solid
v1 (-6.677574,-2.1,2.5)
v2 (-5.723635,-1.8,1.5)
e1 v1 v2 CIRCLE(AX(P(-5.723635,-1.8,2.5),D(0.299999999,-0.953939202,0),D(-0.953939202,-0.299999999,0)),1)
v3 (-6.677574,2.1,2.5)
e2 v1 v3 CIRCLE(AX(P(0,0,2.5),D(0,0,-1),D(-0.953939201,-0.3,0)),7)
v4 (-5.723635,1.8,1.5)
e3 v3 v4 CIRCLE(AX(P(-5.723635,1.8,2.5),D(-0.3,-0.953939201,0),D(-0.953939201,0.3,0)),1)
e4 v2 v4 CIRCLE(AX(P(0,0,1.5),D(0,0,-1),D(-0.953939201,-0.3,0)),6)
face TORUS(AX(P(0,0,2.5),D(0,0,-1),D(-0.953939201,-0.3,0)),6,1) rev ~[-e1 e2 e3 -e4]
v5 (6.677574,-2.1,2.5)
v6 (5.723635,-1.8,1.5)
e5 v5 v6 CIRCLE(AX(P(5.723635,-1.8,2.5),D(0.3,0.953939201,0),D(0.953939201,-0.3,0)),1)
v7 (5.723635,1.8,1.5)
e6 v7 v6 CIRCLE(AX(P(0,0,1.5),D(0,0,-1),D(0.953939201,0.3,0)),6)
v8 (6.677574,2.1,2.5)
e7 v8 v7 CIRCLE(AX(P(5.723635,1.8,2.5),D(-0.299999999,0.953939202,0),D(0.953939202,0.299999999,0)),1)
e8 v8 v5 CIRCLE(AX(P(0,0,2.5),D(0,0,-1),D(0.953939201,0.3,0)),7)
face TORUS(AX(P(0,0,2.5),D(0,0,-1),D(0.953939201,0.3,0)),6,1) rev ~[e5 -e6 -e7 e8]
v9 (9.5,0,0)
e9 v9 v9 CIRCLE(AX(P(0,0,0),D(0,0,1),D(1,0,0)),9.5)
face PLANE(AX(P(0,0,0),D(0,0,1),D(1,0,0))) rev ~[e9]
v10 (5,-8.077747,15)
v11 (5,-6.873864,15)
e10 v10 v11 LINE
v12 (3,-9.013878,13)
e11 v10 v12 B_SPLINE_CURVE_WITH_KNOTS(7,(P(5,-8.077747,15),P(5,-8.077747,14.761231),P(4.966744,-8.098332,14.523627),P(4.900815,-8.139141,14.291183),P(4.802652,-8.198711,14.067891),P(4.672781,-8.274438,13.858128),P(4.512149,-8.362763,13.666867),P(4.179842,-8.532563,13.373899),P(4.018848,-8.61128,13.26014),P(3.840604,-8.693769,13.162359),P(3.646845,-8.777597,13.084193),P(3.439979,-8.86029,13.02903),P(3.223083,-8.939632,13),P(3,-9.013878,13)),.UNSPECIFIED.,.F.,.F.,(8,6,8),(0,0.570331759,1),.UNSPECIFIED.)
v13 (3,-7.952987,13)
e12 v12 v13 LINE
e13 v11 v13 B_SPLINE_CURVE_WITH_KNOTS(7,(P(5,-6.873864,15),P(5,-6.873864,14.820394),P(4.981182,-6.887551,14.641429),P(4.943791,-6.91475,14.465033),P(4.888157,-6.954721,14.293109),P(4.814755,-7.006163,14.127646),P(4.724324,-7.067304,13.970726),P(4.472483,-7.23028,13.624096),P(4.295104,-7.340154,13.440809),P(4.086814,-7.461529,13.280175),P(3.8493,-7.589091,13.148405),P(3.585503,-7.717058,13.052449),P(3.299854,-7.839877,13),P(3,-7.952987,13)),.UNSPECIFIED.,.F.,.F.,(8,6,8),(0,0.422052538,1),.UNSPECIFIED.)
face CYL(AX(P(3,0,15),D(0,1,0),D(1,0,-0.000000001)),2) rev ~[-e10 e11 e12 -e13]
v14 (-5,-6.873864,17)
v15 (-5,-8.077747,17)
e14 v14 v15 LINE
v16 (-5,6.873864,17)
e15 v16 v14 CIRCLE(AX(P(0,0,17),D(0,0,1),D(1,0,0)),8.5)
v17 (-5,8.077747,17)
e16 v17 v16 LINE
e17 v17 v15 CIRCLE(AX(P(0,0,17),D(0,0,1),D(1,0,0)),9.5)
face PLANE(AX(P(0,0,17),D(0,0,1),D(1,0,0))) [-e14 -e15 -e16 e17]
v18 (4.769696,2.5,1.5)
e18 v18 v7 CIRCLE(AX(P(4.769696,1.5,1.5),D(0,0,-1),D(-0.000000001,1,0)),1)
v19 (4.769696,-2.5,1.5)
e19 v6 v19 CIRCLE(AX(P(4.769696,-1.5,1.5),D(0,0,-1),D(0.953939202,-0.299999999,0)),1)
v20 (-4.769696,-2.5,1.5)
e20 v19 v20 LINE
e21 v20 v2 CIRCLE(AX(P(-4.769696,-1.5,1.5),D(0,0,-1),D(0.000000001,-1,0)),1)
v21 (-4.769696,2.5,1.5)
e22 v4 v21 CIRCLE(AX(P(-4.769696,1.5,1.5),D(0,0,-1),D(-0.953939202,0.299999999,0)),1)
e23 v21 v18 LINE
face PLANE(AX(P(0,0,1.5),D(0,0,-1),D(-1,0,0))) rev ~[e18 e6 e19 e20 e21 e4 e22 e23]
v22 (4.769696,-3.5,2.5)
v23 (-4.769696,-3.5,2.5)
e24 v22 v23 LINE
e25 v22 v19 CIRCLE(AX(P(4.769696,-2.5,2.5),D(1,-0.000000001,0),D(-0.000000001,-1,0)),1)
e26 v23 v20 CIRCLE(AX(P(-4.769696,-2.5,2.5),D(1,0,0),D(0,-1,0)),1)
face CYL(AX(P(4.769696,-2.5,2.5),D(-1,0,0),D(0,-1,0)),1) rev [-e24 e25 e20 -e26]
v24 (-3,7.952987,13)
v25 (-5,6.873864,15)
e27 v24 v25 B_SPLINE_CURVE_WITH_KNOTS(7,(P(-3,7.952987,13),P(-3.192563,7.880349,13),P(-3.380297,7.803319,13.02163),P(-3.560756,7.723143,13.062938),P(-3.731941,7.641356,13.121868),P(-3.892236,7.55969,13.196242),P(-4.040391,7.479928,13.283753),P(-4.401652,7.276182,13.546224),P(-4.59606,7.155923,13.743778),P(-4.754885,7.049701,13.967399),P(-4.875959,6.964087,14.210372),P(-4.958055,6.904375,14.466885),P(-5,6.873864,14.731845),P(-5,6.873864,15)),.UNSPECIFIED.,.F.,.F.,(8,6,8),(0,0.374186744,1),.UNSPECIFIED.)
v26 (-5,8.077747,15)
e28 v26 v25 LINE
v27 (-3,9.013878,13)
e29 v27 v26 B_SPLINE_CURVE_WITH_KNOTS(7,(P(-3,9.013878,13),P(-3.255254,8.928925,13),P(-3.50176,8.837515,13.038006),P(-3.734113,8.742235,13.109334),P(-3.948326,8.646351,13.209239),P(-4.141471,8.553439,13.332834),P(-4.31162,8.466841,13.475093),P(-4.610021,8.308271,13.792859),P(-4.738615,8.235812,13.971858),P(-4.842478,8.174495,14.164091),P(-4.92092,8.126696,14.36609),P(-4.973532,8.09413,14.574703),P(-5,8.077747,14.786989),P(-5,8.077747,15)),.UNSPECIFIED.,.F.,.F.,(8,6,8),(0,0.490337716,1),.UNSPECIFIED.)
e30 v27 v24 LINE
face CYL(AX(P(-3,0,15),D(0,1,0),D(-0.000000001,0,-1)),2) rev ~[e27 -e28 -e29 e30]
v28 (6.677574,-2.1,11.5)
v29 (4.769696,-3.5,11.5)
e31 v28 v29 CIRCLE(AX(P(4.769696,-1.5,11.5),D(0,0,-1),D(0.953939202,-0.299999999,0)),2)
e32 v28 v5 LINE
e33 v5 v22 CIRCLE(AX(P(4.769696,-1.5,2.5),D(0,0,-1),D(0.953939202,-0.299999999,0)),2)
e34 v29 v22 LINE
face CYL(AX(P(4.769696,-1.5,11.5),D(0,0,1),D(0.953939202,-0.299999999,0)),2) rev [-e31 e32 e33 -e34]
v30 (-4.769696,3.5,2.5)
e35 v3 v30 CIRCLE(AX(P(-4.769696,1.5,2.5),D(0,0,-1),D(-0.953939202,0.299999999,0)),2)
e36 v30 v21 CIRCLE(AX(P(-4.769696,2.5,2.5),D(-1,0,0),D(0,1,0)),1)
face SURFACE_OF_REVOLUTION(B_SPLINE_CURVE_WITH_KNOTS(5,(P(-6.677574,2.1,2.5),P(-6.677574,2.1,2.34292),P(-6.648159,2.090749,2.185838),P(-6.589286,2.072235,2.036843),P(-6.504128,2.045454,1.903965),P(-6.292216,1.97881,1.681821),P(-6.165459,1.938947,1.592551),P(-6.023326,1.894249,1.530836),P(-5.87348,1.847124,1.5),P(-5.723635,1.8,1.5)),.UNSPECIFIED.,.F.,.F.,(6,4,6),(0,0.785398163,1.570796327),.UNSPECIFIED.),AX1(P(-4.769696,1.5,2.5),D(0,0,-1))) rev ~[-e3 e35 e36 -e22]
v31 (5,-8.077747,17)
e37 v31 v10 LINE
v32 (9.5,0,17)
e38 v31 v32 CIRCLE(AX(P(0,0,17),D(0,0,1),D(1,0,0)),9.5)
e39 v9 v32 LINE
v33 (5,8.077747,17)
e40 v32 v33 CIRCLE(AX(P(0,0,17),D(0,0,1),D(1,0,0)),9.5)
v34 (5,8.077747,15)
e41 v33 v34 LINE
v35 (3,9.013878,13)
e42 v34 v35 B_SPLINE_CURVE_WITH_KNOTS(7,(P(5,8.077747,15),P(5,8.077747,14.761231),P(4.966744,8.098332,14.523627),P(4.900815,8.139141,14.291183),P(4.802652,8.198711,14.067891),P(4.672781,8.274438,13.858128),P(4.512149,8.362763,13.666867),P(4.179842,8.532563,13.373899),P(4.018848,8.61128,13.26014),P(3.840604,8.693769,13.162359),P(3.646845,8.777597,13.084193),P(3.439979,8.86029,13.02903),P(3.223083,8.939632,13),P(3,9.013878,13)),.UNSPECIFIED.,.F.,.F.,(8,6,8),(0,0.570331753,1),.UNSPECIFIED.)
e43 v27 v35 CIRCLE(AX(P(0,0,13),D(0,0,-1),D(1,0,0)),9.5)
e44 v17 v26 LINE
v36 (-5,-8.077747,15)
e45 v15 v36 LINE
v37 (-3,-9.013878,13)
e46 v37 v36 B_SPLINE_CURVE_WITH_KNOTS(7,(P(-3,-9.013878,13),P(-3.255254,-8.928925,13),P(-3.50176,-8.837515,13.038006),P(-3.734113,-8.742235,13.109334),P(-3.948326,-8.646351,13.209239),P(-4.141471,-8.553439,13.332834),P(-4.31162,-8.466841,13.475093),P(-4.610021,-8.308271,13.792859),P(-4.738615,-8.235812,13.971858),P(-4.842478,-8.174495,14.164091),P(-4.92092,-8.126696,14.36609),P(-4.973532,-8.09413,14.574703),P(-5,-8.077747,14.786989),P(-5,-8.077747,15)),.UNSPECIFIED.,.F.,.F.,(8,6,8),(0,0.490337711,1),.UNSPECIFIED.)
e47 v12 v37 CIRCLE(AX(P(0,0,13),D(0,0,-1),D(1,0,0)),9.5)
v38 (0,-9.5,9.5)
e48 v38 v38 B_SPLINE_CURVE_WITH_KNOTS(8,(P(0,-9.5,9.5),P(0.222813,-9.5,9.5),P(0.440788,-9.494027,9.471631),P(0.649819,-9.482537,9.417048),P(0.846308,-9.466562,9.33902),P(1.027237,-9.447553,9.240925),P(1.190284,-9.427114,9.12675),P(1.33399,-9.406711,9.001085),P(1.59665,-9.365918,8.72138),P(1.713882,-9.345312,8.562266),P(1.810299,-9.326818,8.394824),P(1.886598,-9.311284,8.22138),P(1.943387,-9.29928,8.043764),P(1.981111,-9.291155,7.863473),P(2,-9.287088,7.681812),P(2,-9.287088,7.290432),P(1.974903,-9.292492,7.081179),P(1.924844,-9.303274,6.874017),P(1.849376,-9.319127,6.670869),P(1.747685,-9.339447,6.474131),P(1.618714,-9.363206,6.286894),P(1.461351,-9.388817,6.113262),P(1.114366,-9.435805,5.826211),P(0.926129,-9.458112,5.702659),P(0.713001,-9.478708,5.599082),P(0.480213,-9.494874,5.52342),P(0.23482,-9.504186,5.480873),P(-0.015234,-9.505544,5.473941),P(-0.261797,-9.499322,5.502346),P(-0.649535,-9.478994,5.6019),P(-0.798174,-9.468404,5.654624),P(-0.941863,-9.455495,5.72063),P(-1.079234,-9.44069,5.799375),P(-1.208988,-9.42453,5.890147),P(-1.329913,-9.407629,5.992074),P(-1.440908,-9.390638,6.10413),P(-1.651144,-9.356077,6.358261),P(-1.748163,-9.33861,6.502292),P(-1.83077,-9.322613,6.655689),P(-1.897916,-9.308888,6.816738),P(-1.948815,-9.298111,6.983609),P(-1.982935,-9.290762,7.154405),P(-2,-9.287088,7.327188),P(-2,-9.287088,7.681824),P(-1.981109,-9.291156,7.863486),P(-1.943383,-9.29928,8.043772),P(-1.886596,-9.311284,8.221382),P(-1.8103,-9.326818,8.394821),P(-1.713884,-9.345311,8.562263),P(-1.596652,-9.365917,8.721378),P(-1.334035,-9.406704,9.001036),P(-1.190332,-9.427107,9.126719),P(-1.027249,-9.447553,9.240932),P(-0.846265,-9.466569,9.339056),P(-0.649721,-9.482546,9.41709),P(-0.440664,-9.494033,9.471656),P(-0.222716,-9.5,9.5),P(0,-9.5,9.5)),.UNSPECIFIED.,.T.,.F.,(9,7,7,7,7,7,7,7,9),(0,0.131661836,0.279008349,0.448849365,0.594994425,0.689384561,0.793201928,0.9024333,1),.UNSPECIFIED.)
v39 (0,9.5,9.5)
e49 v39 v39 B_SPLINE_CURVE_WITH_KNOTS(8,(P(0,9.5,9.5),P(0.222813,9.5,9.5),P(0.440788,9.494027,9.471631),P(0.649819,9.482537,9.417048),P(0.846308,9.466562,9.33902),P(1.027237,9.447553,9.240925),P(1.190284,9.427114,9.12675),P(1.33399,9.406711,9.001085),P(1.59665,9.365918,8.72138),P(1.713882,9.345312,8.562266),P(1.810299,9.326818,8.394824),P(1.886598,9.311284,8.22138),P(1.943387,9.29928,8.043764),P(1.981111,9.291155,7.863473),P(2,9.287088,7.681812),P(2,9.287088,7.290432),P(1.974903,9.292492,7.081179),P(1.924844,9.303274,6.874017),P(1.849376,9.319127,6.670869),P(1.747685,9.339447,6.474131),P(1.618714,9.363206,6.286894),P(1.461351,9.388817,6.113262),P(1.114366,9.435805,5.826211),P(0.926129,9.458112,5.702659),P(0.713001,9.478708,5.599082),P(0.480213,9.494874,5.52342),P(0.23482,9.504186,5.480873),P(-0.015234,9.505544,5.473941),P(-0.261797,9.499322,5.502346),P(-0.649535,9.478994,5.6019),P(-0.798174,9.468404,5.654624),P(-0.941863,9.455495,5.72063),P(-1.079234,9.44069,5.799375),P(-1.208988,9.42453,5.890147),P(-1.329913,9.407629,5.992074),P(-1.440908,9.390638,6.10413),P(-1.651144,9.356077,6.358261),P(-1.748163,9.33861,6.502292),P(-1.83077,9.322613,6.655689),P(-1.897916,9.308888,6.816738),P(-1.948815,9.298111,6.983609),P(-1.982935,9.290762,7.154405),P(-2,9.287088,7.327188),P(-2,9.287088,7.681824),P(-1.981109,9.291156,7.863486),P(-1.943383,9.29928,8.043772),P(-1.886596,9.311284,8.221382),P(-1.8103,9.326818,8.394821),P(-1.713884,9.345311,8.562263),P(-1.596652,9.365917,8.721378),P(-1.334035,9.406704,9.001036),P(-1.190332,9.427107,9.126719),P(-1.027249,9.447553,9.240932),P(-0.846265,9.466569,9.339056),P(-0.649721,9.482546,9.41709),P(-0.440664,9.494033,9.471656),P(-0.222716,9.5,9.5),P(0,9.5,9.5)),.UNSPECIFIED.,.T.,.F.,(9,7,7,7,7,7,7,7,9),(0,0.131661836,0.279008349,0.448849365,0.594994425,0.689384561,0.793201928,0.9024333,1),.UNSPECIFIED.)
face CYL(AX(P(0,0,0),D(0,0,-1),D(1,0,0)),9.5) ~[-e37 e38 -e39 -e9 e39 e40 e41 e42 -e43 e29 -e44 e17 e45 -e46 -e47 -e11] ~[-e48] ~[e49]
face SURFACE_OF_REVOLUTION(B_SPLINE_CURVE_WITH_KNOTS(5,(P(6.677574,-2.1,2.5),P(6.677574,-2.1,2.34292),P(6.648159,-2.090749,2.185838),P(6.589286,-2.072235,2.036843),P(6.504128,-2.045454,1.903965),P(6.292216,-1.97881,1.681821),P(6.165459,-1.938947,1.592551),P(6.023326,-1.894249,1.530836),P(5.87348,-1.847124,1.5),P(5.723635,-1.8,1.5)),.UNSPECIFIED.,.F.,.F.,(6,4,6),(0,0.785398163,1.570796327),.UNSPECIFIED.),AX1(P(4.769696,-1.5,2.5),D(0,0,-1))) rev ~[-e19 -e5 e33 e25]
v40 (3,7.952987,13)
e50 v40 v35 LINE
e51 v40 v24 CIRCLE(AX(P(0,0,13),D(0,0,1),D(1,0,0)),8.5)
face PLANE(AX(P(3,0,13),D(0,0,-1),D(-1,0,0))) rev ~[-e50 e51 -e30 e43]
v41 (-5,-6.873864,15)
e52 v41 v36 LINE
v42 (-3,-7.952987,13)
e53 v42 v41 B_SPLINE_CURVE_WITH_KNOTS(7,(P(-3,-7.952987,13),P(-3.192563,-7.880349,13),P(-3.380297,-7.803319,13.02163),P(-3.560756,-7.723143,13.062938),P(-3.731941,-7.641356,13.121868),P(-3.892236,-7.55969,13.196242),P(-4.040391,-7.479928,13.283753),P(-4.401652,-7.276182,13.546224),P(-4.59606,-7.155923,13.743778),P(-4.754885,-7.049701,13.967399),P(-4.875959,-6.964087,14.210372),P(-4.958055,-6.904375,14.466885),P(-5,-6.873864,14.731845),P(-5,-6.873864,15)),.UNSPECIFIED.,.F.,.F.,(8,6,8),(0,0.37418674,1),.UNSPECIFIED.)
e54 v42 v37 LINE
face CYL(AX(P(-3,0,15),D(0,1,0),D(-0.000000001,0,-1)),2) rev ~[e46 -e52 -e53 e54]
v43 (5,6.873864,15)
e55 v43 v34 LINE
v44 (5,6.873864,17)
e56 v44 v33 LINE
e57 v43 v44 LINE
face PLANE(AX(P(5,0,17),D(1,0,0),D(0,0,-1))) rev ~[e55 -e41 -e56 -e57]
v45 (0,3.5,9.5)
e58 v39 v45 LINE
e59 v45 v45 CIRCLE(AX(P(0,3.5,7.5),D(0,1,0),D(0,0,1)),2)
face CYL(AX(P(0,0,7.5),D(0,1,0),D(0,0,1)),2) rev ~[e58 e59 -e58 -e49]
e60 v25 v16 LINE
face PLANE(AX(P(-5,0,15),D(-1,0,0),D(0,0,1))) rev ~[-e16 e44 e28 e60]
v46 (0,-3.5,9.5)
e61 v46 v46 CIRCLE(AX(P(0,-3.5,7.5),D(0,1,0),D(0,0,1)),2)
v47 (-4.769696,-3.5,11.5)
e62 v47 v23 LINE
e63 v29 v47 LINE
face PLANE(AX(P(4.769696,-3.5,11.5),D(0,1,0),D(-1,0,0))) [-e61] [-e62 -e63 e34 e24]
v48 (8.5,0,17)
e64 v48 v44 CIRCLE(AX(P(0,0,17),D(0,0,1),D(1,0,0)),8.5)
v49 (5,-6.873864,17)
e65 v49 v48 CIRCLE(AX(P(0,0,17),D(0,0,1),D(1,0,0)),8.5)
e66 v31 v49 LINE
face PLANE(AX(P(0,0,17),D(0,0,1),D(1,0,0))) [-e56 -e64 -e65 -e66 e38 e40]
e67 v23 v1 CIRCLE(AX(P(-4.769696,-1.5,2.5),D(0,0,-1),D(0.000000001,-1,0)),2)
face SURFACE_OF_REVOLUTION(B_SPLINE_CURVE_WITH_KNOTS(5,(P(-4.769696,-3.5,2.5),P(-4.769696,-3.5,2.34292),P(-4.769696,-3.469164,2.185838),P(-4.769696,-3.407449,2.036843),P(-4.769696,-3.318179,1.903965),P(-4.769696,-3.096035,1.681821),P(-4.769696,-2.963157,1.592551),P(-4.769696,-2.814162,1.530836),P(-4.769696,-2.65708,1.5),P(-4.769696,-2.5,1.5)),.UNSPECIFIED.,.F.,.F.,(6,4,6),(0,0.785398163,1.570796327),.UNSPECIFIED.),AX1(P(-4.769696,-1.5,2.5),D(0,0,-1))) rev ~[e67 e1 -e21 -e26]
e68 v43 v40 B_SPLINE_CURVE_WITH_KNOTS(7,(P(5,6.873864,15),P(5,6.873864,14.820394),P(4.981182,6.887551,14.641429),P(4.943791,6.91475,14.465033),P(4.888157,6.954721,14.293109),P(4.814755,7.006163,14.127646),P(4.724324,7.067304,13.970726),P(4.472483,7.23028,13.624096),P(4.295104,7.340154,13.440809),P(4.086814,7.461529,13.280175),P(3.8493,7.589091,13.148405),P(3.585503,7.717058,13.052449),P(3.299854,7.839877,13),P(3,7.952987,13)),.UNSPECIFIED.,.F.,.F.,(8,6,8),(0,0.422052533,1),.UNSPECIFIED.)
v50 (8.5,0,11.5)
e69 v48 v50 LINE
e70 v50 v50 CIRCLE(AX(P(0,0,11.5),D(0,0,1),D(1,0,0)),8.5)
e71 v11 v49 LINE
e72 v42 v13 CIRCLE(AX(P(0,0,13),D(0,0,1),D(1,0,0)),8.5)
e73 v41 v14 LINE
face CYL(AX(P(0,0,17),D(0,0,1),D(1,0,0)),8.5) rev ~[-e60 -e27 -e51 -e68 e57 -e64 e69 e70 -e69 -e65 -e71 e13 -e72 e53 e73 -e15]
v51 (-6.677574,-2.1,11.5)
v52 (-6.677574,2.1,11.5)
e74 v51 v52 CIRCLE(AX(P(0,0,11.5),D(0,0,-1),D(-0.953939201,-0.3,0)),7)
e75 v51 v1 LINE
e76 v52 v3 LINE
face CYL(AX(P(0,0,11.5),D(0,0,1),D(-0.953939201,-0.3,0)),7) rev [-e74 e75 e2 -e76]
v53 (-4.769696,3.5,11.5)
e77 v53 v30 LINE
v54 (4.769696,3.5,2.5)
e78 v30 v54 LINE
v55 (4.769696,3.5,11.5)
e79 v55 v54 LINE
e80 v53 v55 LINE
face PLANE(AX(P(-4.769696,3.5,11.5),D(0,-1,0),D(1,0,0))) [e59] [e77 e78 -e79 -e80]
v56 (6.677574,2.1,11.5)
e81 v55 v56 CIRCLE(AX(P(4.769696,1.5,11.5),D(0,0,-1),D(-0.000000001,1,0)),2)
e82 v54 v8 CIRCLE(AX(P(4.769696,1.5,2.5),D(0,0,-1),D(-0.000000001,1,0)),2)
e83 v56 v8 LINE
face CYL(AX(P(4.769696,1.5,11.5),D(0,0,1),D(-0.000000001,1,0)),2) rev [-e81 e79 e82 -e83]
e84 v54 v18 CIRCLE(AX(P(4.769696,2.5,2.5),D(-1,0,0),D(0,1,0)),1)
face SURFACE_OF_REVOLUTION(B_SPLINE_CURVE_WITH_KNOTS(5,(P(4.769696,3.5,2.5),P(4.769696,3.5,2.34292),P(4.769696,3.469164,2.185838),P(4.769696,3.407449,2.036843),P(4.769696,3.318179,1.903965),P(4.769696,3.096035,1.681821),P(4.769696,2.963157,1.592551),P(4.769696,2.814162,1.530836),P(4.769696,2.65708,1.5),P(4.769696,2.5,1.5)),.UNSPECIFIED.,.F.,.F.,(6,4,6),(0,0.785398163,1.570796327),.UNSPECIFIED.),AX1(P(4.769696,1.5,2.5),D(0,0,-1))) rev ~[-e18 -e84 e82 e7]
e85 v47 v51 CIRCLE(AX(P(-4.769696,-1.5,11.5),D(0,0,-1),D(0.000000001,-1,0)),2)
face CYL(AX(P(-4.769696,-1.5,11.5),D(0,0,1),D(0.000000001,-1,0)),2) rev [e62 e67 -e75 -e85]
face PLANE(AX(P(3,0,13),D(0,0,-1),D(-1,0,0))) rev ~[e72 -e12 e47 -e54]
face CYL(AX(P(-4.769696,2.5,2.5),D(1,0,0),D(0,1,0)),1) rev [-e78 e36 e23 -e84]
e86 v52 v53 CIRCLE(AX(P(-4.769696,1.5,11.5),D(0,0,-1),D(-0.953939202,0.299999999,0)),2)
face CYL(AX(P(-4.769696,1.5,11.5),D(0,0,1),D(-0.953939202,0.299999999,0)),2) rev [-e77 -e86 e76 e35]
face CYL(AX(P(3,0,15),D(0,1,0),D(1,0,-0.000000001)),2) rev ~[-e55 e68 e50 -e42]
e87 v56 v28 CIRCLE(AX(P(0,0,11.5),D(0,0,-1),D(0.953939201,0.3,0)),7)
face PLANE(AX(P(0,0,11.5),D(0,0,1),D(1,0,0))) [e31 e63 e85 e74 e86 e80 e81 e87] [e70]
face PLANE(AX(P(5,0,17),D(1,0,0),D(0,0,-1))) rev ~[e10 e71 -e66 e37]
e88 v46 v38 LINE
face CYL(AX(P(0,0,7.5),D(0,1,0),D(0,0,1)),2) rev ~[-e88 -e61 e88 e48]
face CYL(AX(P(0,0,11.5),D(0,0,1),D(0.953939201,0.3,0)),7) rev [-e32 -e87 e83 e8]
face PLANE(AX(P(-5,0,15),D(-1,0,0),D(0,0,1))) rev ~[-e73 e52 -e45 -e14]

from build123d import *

# Parameters (mm, degrees)
ESQUISSE1_R             = 9.5
BASE_EXTRUSION_DEPTH    = 17
ESQUISSE2_R             = 8.5
ENL_V_MAT_EXTRU_1_DEPTH = 5.5
ESQUISSE3_R             = 2
ENL_V_MAT_EXTRU_2_DEPTH = 15
ENL_V_MAT_EXTRU_3_DEPTH = 10
CONG_1_R                = 1


with BuildPart() as part:
    # Esquisse1 → Base-Extrusion (new body)
    with BuildSketch(Plane.XY):
        Circle(ESQUISSE1_R)
    extrude(amount=BASE_EXTRUSION_DEPTH)

    # Esquisse2 → Enlèv. mat.-Extru.1 (cut)
    with BuildSketch(Plane.XY.offset(17)):
        Circle(ESQUISSE2_R)
    extrude(amount=-ENL_V_MAT_EXTRU_1_DEPTH, mode=Mode.SUBTRACT)

    # Esquisse3 → Enlèv. mat.-Extru.2 (cut, symmetric)
    with BuildSketch(Plane(origin=(0, 0, 0), x_dir=(1, 0, 0), z_dir=(0, 1, 0))):
        with Locations(Location((0, -7.5, 0), (0, 0, 270))):
            Circle(ESQUISSE3_R)
        with BuildLine():
            Line((-5, -17), (5, -17))
            Line((5, -17), (5, -15))
            ThreePointArc((5, -15), (4.414213562, -13.585786438), (3, -13))
            Line((3, -13), (-3, -13))
            ThreePointArc((-3, -13), (-4.414213562, -13.585786438), (-5, -15))
            Line((-5, -15), (-5, -17))
        make_face()
    extrude(amount=ENL_V_MAT_EXTRU_2_DEPTH, both=True, mode=Mode.SUBTRACT)

    # Esquisse4 → Enlèv. mat.-Extru.3 (cut)
    with BuildSketch(Plane.XY.offset(11.5)):
        with BuildLine():
            Line((-4.769696007, 3.5), (4.769696007, 3.5))
            ThreePointArc((4.769696007, 3.5), (5.952911964, 3.11245155), (6.67757441, 2.1))
            ThreePointArc((6.67757441, 2.1), (7, 0), (6.67757441, -2.1))
            ThreePointArc((6.67757441, -2.1), (5.952911964, -3.11245155), (4.769696007, -3.5))
            Line((4.769696007, -3.5), (-4.769696007, -3.5))
            ThreePointArc((-4.769696007, -3.5), (-5.952911964, -3.11245155), (-6.67757441, -2.1))
            ThreePointArc((-6.67757441, -2.1), (-7, 0), (-6.67757441, 2.1))
            ThreePointArc((-6.67757441, 2.1), (-5.952911964, 3.11245155), (-4.769696007, 3.5))
        make_face()
    extrude(amount=-ENL_V_MAT_EXTRU_3_DEPTH, mode=Mode.SUBTRACT)

    # Congé1
    cong_1_edges = [part.edges().sort_by_distance(p)[0] for p in [
        (0, 3.5, 1.5),
        (0, -3.5, 1.5),
        (-5.952911964, 3.11245155, 1.5),
        (5.952911964, 3.11245155, 1.5),
        (7, 0, 1.5),
        (5.952911964, -3.11245155, 1.5),
        (-5.952911964, -3.11245155, 1.5),
        (-7, 0, 1.5),
    ]]
    fillet(cong_1_edges, radius=CONG_1_R)


solid = part.part
